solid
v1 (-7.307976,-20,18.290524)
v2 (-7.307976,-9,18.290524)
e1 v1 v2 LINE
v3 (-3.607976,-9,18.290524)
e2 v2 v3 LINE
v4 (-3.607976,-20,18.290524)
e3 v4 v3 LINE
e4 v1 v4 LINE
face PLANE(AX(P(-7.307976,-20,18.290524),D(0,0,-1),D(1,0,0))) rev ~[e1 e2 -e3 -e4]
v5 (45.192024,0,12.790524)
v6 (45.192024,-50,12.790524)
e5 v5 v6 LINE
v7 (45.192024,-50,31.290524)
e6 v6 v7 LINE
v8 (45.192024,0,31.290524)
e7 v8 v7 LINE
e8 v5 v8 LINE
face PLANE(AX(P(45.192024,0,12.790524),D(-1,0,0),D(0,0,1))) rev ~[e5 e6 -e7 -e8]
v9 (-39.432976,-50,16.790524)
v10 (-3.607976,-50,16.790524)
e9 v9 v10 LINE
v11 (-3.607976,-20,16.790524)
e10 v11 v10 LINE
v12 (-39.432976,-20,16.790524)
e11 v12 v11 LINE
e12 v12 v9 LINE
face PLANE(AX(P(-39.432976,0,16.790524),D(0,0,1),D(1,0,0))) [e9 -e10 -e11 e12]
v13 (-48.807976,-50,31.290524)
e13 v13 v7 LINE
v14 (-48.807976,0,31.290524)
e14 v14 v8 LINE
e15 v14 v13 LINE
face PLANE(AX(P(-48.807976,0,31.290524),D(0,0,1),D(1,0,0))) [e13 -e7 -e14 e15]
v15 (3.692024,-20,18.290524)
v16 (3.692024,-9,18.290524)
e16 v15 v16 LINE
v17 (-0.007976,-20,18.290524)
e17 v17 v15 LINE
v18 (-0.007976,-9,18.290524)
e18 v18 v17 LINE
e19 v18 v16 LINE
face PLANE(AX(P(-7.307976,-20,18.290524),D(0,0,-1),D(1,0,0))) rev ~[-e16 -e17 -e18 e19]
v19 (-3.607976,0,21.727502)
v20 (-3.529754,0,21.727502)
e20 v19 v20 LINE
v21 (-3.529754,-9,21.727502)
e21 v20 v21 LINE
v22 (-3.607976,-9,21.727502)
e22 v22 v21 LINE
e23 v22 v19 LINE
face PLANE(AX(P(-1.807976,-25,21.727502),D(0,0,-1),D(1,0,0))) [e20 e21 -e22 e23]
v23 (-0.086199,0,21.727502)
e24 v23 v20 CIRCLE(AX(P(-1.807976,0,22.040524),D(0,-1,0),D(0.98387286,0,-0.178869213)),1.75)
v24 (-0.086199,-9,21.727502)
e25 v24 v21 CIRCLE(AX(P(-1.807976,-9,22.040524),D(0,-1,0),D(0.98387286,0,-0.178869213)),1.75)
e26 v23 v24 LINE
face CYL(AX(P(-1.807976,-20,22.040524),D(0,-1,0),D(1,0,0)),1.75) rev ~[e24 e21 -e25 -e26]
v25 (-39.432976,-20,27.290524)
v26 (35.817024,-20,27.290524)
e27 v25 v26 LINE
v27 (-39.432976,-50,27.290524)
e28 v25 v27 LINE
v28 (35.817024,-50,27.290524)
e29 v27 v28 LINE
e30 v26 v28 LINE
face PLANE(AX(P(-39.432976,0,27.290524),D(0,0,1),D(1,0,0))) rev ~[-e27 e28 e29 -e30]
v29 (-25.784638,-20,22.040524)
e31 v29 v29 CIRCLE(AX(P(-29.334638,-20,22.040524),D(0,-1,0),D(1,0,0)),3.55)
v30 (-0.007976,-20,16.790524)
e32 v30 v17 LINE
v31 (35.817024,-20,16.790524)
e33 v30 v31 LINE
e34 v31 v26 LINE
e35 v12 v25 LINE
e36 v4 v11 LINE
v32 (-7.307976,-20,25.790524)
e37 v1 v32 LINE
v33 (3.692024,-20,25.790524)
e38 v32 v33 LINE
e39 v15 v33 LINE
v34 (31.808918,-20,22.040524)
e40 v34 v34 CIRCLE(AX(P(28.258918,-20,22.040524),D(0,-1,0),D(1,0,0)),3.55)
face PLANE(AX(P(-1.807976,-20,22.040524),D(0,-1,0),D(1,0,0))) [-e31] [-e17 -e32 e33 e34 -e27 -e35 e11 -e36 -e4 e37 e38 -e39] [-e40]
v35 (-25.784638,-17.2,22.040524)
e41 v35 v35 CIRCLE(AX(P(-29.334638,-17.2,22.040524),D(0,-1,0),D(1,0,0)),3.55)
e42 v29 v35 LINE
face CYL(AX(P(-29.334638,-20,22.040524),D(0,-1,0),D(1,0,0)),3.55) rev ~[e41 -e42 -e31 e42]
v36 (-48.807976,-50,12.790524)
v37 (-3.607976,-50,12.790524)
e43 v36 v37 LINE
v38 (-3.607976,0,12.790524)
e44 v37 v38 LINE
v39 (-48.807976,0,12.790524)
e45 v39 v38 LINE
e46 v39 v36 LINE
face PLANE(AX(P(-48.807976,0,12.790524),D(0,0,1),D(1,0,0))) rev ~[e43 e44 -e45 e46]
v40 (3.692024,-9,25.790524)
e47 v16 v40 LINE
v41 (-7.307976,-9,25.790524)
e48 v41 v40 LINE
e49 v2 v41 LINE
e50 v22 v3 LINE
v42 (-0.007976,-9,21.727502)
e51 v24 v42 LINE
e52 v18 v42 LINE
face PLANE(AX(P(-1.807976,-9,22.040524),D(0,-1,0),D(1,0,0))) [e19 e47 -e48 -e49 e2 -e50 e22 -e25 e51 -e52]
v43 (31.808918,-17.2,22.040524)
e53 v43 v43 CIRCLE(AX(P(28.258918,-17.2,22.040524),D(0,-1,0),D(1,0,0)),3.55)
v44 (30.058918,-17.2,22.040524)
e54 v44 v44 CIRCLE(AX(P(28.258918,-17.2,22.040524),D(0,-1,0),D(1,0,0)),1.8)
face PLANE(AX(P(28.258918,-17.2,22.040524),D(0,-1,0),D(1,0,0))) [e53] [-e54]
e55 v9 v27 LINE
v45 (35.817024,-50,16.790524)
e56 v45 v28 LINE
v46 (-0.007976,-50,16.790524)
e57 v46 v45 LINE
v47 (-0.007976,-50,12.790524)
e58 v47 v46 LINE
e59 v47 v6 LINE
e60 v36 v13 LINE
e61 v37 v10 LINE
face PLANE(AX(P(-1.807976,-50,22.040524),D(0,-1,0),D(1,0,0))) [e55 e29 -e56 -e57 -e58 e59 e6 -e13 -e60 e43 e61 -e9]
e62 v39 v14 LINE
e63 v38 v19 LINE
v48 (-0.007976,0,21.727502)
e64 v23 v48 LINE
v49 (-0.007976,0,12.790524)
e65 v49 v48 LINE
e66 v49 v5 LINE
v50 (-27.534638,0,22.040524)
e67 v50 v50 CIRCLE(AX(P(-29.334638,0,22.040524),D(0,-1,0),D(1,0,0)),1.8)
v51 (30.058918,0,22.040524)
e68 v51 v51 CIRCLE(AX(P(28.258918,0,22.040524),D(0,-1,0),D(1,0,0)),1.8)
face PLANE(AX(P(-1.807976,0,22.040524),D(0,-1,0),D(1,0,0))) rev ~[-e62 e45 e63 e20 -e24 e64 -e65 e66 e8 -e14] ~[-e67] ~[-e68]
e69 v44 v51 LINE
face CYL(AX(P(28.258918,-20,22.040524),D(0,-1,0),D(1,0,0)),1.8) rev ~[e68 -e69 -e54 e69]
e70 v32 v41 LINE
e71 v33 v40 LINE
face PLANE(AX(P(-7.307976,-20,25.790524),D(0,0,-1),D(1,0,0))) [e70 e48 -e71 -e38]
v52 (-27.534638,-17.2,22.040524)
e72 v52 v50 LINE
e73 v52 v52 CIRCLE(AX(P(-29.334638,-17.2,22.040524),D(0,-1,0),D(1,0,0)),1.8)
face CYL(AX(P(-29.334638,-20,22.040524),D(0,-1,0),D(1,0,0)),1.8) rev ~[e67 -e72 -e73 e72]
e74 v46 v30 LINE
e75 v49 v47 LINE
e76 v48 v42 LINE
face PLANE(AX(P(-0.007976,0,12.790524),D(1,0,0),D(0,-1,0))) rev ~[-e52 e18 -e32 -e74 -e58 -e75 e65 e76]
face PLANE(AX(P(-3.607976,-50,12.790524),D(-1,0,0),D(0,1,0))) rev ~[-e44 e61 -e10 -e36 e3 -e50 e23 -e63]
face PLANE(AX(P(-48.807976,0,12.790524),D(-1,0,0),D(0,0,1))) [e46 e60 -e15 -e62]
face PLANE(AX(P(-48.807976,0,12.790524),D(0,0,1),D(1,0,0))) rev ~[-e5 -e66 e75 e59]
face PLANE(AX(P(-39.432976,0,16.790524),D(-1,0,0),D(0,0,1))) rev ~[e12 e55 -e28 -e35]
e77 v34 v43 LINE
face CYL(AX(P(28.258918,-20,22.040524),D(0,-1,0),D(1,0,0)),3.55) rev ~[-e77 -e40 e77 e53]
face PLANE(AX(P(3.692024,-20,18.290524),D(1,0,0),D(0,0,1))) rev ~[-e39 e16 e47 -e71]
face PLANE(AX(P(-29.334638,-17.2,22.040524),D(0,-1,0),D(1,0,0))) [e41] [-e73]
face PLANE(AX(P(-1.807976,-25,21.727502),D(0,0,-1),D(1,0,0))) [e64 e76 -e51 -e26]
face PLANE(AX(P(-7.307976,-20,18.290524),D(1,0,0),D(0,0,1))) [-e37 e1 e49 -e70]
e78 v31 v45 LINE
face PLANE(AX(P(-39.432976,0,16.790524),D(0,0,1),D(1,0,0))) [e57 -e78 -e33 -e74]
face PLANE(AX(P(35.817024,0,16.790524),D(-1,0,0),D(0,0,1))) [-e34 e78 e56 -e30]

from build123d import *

# Parameters (mm, degrees)
F0_W      = 94
F0_H      = 18.5
F0_W_2    = 75.25
F0_H_2    = 10.5
F2_DEPTH  = 50
F1_W      = 75.25
F1_H      = 10.5
F3_DEPTH  = 20
F4_W      = 11
F4_H      = 7.5
F4_R      = 1.75
F5_DEPTH  = 11
F6_DEPTH  = 27.1777510643
F8_DEPTH  = 8.9369788766
F4_R_2    = 1.8
F9_DEPTH  = 25
F4_R_3    = 3.55
F10_DEPTH = 2.8


with BuildPart() as f2:
    # F0 (on Front) → F2 (new body)
    with BuildSketch(Plane.XZ):
        with Locations((-1.8079760883, 22.0405235887)):
            Rectangle(F0_W, F0_H)
        with Locations((-1.8079760883, 22.0405235887)):
            Rectangle(F0_W_2, F0_H_2, mode=Mode.SUBTRACT)
    extrude(amount=F2_DEPTH)

    # F1 (on face) → F3 (join)
    with BuildSketch(Plane.XZ):
        with Locations((-1.8079760883, 22.0405235887)):
            Rectangle(F1_W, F1_H)
    extrude(amount=F3_DEPTH)

    # F4 (on face) → F5 (cut)
    with BuildSketch(Plane.XZ.offset(20)):
        with Locations((-1.8079760883, 22.0405235887)):
            Rectangle(F4_W, F4_H)
        with Locations((-1.8079760883, 22.0405235887)):
            Circle(F4_R, mode=Mode.SUBTRACT)
    extrude(amount=-F5_DEPTH, mode=Mode.SUBTRACT)

    # F6 (cut): a face of the model
    f6_faces = [f2.faces().sort_by_distance(p)[0] for p in [
        (-1.8079760883, -20, 22.0405235887),
    ]]
    extrude(f6_faces, amount=-F6_DEPTH, mode=Mode.SUBTRACT)

    # F7 (on face) → F8 (cut)
    with BuildSketch(Plane(origin=(0, 0, 12.7905235887), x_dir=(1, 0, 0), z_dir=(0, 0, -1))):
        Polygon((-3.6079760883, 50), (-3.6079760883, 25), (-3.6079760883, 0), (-0.0079760883, 0), (-0.0079760883, 25), (-0.0079760883, 50), (-1.8079760883, 50), align=None)
    extrude(amount=-F8_DEPTH, mode=Mode.SUBTRACT)

    # F4 (on face) → F9 (cut)
    with BuildSketch(Plane.XZ.offset(20)):
        with Locations((-29.3346382678, 22.0405235887)):
            Circle(F4_R_2)
        with Locations((28.2589178532, 22.0405235887)):
            Circle(F4_R_2)
    extrude(amount=-F9_DEPTH, mode=Mode.SUBTRACT)

    # F4 (on face) → F10 (cut)
    with BuildSketch(Plane.XZ.offset(20)):
        with Locations((28.2589178532, 22.0405235887)):
            Circle(F4_R_3)
        with Locations((28.2589178532, 22.0405235887)):
            Circle(F4_R_2, mode=Mode.SUBTRACT)
        with Locations((-29.3346382678, 22.0405235887)):
            Circle(F4_R_3)
        with Locations((-29.3346382678, 22.0405235887)):
            Circle(F4_R_2, mode=Mode.SUBTRACT)
    extrude(amount=-F10_DEPTH, mode=Mode.SUBTRACT)


solid = f2.part
